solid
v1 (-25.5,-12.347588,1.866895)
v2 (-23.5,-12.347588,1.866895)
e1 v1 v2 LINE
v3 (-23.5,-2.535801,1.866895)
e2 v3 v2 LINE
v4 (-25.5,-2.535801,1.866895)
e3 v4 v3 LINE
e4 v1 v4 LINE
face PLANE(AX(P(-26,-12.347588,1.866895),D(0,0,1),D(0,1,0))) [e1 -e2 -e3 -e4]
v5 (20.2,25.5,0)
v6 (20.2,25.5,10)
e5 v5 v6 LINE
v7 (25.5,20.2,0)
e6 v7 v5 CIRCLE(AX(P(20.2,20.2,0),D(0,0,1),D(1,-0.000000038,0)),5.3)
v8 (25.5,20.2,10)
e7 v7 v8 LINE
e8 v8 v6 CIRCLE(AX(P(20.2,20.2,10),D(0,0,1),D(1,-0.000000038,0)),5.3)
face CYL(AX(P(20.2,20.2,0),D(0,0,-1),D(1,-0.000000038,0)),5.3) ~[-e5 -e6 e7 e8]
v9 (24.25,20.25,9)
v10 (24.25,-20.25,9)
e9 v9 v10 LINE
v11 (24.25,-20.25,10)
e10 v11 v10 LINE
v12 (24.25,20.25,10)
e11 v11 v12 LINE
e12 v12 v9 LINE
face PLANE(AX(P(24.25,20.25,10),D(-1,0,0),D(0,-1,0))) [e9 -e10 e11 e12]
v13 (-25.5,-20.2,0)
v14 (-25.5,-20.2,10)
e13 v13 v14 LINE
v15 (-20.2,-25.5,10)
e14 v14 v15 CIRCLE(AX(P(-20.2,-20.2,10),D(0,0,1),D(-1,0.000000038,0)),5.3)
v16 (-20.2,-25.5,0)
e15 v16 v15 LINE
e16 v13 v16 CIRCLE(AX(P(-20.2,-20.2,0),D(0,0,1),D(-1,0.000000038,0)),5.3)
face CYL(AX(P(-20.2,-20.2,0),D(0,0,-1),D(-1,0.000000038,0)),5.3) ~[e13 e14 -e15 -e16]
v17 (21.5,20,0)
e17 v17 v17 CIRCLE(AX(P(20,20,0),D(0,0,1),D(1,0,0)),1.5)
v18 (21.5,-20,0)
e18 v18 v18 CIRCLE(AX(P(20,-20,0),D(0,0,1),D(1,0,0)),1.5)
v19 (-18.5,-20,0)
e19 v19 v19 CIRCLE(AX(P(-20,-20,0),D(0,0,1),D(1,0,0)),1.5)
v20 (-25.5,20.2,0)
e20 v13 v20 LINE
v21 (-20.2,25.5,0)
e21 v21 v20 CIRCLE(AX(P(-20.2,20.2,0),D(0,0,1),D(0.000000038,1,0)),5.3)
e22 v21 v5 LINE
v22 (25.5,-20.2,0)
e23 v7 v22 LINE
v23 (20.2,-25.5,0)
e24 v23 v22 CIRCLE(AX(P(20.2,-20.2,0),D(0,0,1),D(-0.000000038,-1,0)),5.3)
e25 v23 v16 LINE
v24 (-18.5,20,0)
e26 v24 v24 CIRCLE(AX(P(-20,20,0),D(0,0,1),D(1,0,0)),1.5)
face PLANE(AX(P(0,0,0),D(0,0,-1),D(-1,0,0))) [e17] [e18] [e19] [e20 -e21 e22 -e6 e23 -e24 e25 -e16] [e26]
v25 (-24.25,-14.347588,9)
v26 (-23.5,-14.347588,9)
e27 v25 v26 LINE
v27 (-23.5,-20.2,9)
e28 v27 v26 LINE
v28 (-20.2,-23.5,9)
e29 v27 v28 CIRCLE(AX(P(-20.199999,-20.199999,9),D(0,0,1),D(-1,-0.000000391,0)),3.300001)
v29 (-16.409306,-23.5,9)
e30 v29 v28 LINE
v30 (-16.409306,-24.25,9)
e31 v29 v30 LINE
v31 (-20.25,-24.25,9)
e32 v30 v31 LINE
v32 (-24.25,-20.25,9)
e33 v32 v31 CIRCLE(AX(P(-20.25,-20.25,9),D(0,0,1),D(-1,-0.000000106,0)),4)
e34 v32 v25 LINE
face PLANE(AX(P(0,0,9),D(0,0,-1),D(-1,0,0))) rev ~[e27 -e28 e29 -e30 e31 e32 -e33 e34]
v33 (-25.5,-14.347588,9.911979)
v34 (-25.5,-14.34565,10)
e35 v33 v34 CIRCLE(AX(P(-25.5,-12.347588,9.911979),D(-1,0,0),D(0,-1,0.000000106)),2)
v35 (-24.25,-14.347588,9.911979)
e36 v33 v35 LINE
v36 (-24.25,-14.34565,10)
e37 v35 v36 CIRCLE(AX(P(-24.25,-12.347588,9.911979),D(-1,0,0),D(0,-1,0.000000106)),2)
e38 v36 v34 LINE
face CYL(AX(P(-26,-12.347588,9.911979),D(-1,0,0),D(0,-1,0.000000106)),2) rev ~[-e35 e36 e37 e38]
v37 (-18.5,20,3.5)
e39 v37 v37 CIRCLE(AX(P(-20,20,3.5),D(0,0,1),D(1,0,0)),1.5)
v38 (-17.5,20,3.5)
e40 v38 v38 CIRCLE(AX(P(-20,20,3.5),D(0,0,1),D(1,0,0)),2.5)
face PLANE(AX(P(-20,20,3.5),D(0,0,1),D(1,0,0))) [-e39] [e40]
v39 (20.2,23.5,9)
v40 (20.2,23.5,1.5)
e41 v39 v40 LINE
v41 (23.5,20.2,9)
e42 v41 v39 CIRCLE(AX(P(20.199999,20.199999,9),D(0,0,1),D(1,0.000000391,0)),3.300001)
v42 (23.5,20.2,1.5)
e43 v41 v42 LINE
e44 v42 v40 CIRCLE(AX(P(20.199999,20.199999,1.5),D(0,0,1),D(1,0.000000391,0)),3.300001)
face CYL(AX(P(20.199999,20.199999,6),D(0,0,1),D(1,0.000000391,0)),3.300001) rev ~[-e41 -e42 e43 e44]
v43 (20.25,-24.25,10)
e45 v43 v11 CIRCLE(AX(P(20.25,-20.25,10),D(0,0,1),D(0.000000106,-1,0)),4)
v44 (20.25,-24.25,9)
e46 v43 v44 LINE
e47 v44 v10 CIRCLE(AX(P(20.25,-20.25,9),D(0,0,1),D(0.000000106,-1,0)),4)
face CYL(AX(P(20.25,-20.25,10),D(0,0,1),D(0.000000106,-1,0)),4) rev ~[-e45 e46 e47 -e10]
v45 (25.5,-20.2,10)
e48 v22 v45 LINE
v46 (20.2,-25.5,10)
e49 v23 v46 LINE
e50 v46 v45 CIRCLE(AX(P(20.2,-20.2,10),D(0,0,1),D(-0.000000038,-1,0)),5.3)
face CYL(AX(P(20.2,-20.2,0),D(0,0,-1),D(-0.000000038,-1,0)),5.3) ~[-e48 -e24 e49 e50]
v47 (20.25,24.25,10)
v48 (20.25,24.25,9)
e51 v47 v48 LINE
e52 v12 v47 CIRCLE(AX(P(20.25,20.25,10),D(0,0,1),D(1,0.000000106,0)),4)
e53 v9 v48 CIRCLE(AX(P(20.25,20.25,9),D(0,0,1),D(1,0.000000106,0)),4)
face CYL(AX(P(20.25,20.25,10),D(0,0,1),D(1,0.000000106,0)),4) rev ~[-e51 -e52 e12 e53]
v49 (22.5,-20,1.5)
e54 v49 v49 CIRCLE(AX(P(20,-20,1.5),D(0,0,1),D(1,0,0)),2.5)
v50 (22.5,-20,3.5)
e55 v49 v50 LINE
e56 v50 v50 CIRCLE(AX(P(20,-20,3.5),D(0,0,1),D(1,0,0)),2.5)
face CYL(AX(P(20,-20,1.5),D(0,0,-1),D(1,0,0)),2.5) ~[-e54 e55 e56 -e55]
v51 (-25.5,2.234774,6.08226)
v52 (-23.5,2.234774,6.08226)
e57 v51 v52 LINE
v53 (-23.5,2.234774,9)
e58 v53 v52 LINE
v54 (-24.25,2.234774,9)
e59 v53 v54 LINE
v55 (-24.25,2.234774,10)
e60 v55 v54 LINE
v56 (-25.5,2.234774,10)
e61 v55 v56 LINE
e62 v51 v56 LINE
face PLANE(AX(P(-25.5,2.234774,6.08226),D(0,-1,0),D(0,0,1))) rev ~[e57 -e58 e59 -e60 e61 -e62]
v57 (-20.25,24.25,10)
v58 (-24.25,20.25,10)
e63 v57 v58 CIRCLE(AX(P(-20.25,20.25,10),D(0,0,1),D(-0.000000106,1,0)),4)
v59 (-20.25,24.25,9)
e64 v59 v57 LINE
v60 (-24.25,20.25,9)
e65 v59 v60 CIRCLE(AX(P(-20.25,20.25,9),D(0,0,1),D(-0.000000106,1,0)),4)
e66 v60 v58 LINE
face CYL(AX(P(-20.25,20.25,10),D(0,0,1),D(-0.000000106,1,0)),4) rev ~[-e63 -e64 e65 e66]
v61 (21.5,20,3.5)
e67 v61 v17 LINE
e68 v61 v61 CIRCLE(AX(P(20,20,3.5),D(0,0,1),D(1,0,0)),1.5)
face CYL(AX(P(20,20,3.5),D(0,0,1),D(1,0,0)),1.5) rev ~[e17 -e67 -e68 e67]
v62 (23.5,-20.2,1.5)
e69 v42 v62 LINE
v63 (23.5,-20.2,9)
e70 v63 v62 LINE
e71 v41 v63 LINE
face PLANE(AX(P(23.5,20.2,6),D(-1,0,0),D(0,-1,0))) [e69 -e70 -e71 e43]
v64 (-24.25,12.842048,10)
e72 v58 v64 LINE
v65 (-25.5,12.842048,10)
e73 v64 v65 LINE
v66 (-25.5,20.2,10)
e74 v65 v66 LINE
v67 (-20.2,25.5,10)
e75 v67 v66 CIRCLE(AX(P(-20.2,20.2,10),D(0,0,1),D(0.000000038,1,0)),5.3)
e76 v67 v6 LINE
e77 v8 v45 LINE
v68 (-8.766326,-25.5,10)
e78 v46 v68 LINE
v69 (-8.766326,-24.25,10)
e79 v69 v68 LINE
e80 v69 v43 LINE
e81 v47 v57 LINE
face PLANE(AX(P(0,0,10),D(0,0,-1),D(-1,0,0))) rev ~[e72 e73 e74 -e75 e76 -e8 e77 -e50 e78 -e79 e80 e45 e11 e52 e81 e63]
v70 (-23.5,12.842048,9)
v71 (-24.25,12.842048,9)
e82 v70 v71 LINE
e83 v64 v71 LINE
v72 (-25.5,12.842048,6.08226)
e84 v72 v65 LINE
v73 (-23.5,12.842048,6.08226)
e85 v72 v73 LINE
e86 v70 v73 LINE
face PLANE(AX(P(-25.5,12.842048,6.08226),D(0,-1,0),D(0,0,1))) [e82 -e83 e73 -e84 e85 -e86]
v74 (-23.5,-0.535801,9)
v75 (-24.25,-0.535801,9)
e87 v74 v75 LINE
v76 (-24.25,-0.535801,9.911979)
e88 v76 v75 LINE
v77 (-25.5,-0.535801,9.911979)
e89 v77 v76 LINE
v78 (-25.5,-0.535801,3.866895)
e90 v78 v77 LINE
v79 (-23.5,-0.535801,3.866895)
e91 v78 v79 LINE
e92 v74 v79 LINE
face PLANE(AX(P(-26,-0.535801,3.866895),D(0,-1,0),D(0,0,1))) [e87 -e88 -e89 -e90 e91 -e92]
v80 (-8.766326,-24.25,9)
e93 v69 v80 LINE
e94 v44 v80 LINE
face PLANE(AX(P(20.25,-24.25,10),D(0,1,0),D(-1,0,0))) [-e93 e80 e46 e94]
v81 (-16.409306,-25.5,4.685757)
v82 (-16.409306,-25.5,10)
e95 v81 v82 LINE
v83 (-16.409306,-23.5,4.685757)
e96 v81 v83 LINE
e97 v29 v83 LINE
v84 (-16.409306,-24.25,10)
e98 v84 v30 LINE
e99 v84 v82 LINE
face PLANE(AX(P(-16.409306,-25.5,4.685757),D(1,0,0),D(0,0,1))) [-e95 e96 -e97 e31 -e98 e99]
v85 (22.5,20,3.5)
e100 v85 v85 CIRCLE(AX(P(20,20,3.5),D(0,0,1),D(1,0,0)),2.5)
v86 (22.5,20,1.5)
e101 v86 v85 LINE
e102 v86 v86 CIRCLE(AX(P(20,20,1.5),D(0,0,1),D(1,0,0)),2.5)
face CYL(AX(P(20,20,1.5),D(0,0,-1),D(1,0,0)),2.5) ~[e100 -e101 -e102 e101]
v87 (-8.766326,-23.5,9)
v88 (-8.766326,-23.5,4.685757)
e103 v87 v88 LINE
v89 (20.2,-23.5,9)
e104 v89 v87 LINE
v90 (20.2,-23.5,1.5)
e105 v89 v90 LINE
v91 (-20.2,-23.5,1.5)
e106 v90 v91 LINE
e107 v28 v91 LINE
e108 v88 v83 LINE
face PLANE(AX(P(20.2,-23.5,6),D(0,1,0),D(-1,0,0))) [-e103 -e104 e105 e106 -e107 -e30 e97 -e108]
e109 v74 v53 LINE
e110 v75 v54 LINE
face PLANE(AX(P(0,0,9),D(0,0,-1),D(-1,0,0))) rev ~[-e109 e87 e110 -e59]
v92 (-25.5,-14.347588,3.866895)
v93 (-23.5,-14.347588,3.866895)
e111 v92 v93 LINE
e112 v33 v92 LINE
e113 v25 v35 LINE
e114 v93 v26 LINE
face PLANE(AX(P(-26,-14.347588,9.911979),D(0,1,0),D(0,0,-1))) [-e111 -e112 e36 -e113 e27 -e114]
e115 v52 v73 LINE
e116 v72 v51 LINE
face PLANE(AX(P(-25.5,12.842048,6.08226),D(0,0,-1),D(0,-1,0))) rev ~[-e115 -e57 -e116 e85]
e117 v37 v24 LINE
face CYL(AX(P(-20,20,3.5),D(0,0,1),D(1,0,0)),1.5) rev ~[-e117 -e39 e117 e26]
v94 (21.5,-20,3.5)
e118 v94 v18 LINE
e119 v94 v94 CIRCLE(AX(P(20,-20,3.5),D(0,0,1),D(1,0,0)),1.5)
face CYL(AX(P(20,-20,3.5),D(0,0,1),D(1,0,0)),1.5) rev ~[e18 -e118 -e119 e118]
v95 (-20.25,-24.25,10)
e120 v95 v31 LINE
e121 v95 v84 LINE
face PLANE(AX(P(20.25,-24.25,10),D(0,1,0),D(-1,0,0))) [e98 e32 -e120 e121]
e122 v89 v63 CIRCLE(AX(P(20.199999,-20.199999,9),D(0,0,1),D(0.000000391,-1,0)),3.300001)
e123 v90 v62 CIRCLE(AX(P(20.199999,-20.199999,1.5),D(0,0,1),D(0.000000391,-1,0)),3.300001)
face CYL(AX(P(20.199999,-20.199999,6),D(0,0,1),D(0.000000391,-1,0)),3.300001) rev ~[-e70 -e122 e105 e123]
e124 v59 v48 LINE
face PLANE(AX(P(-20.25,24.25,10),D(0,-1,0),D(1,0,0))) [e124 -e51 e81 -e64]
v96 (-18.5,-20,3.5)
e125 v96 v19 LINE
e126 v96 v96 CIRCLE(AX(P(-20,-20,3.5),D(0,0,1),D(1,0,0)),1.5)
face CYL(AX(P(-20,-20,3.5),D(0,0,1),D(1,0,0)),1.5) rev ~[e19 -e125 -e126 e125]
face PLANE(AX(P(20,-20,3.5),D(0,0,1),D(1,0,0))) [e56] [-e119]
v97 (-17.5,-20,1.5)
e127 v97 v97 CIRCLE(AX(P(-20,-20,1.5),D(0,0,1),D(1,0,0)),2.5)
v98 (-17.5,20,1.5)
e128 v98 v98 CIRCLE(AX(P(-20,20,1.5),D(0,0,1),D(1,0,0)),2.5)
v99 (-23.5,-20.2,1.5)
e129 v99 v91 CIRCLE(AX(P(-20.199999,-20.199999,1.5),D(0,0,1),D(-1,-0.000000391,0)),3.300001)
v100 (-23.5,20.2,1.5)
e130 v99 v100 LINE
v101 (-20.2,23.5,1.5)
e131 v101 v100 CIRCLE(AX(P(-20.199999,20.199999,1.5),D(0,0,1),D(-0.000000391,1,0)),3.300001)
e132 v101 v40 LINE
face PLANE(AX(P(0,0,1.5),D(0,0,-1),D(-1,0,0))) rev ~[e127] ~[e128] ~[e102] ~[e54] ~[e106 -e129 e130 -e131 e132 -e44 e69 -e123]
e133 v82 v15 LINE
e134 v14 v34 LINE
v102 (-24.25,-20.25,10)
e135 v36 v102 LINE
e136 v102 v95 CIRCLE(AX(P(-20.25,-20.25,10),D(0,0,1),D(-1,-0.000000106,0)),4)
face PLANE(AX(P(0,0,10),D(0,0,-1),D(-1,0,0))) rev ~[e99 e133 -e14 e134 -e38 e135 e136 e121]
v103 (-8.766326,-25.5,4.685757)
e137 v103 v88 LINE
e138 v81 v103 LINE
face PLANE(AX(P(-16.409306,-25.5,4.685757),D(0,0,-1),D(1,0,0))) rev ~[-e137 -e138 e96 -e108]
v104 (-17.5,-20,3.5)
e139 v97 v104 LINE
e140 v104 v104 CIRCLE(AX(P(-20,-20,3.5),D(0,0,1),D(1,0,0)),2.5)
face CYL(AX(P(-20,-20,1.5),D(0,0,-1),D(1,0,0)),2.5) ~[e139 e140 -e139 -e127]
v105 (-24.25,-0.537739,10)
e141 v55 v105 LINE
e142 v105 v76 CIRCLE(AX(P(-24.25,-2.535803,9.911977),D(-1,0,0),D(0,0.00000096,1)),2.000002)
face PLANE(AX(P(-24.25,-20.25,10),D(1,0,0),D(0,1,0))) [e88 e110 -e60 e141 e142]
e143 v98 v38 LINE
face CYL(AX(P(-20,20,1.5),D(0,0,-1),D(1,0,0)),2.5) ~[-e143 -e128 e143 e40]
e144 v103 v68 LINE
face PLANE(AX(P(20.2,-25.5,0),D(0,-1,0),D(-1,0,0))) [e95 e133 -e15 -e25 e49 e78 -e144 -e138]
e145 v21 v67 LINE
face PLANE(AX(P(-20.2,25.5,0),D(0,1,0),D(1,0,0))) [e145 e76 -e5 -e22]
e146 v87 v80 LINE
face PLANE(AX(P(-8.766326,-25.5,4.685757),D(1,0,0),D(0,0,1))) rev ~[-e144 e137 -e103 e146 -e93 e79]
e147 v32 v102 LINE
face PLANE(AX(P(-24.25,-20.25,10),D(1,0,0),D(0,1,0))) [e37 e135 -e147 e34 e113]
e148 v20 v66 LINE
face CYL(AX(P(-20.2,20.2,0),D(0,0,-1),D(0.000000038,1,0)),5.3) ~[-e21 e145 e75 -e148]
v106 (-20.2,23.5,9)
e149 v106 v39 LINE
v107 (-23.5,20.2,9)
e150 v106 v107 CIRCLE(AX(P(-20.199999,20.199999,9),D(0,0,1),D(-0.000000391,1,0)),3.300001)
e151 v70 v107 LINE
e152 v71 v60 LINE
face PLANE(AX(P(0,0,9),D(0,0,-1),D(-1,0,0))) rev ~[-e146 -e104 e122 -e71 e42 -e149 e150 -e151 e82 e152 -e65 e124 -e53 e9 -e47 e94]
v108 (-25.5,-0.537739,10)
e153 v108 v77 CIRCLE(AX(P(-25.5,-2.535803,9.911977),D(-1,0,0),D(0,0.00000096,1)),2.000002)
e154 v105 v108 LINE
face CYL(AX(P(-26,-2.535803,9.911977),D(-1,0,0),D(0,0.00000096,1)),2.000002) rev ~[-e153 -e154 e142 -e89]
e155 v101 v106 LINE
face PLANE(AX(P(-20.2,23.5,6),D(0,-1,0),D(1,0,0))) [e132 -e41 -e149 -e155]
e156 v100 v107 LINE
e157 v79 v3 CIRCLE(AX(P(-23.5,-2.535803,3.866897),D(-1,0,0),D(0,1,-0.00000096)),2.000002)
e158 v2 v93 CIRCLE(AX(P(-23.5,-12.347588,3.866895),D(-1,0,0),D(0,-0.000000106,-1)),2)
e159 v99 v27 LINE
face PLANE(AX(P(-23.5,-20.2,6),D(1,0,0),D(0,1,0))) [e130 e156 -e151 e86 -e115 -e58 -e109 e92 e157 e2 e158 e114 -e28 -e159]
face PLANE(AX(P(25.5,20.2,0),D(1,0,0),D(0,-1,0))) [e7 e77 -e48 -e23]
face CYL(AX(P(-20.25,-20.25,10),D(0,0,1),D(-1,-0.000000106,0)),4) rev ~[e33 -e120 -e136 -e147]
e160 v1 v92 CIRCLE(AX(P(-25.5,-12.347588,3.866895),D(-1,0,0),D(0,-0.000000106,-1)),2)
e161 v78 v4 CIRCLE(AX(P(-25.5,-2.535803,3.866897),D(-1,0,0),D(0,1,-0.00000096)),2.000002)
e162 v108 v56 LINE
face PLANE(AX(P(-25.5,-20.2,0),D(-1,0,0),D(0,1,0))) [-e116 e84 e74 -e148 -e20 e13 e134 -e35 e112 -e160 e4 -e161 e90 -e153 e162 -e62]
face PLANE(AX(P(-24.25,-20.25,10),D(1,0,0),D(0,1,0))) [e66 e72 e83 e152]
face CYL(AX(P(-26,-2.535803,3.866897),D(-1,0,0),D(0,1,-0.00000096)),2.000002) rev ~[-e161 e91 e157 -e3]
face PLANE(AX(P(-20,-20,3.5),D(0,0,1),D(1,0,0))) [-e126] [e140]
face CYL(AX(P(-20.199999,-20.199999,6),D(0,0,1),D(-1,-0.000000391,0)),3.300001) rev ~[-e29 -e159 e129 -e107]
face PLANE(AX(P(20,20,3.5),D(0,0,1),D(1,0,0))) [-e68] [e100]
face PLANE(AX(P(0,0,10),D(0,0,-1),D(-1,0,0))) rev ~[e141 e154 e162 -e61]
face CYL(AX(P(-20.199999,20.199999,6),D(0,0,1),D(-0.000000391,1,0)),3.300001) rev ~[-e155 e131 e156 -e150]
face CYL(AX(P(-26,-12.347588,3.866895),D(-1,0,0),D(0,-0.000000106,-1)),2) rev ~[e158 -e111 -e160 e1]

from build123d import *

# Parameters (mm, degrees)
PAD005_DEPTH    = 4
PAD_DEPTH       = 10
POCKET_DEPTH    = 4.5
POCKET001_DEPTH = 1
SKETCH002_R     = 2.5
PAD004_DEPTH    = 2
SKETCH003_R     = 1.5
POCKET002_DEPTH = 3.501
SKETCH009_W     = 10.607274
SKETCH009_H     = 4.434788
POCKET003_DEPTH = 5
SKETCH010_W     = 7.64298
SKETCH010_H     = 5.328556
POCKET004_DEPTH = 5


with BuildPart() as usb_c_cutter:
    # Sketch008 → Pad005 (new body)
    with BuildSketch(Plane(origin=(0, 0, 0), x_dir=(0, -1, 0), z_dir=(-1, 0, 0))):
        with BuildLine():
            Line((2.535801, 11.911979), (12.347588, 11.911979))
            ThreePointArc((14.347588, 9.911979), (13.761802, 11.326192), (12.347588, 11.911979))
            Line((14.347588, 9.911979), (14.347588, 3.866895))
            ThreePointArc((12.347588, 1.866895), (13.761802, 2.452682), (14.347588, 3.866895))
            Line((12.347588, 1.866895), (2.535801, 1.866895))
            ThreePointArc((0.535801, 3.866895), (1.121588, 2.452682), (2.535801, 1.866895))
            Line((0.535801, 3.866895), (0.535801, 9.911979))
            ThreePointArc((2.535801, 11.911979), (1.121588, 11.326192), (0.535801, 9.911979))
        make_face()
    extrude(amount=-PAD005_DEPTH)


with BuildPart() as usb_c_cutter_1:
    # Body002 placement: moved
    add(usb_c_cutter.part.moved(Location((-26, 0, 0))))


with BuildPart() as body_pocketed:
    # Sketch001 → Pad (new body)
    with BuildSketch(Plane.XY):
        with BuildLine():
            Line((-20.2, 25.5), (20.2, 25.5))
            ThreePointArc((25.5, 20.2), (23.947666, 23.947666), (20.2, 25.5))
            Line((25.5, 20.2), (25.5, -20.2))
            ThreePointArc((20.2, -25.5), (23.947666, -23.947666), (25.5, -20.2))
            Line((20.2, -25.5), (-20.2, -25.5))
            ThreePointArc((-25.5, -20.2), (-23.947666, -23.947666), (-20.2, -25.5))
            Line((-25.5, -20.2), (-25.5, 20.2))
            ThreePointArc((-20.2, 25.5), (-23.947666, 23.947666), (-25.5, 20.2))
        make_face()
    extrude(amount=PAD_DEPTH)

    # Sketch → Pocket (cut, symmetric)
    with BuildSketch(Plane.XY.offset(6)):
        with BuildLine():
            Line((-20.2, 23.5), (20.2, 23.5))
            ThreePointArc((23.5, 20.2), (22.533452, 22.533452), (20.2, 23.5))
            Line((23.5, 20.2), (23.5, -20.2))
            ThreePointArc((20.2, -23.5), (22.533452, -22.533452), (23.5, -20.2))
            Line((20.2, -23.5), (-20.2, -23.5))
            ThreePointArc((-23.5, -20.2), (-22.533452, -22.533452), (-20.2, -23.5))
            Line((-23.5, -20.2), (-23.5, 20.2))
            ThreePointArc((-20.2, 23.5), (-22.533452, 22.533452), (-23.5, 20.2))
        make_face()
    extrude(amount=POCKET_DEPTH, both=True, mode=Mode.SUBTRACT)

    # Sketch004 (on Face5 of Pocket) → Pocket001 (cut, symmetric)
    with BuildSketch(Plane.XY.offset(10)):
        with BuildLine():
            Line((-20.25, 24.25), (20.25, 24.25))
            ThreePointArc((24.25, 20.25), (23.078427, 23.078427), (20.25, 24.25))
            Line((24.25, 20.25), (24.25, -20.25))
            ThreePointArc((20.25, -24.25), (23.078427, -23.078427), (24.25, -20.25))
            Line((20.25, -24.25), (-20.25, -24.25))
            ThreePointArc((-24.25, -20.25), (-23.078427, -23.078427), (-20.25, -24.25))
            Line((-24.25, -20.25), (-24.25, 20.25))
            ThreePointArc((-20.25, 24.25), (-23.078427, 23.078427), (-24.25, 20.25))
        make_face()
    extrude(amount=POCKET001_DEPTH, both=True, mode=Mode.SUBTRACT)

    # Sketch002 (on Face19 of Pocket) → Pad004 (join)
    with BuildSketch(Plane.XY.offset(1.5)):
        with Locations((-20, 20)):
            Circle(SKETCH002_R)
        with Locations((20, 20)):
            Circle(SKETCH002_R)
        with Locations((20, -20)):
            Circle(SKETCH002_R)
        with Locations((-20, -20)):
            Circle(SKETCH002_R)
    extrude(amount=PAD004_DEPTH)

    # Sketch003 → Pocket002 (cut, through all)
    with BuildSketch(Plane.XY.offset(3.5)):
        with Locations((-20, 20)):
            Circle(SKETCH003_R)
        with Locations((20, 20)):
            Circle(SKETCH003_R)
        with Locations((20, -20)):
            Circle(SKETCH003_R)
        with Locations((-20, -20)):
            Circle(SKETCH003_R)
    extrude(amount=-POCKET002_DEPTH, mode=Mode.SUBTRACT)

    # Cut001: cut USB-C Cutter
    add(usb_c_cutter_1.part, mode=Mode.SUBTRACT)

    # Sketch009 (on Face1 of BaseFeature) → Pocket003 (cut)
    with BuildSketch(Plane(origin=(-25.5, 0, 0), x_dir=(0, -1, 0), z_dir=(-1, 0, 0))):
        with Locations((-7.538411, 8.299654)):
            Rectangle(SKETCH009_W, SKETCH009_H)
    extrude(amount=-POCKET003_DEPTH, mode=Mode.SUBTRACT)

    # Sketch010 (on Face17 of Pocket003) → Pocket004 (cut)
    with BuildSketch(Plane.XZ.offset(25.5)):
        with Locations((-12.587816, 7.350035)):
            Rectangle(SKETCH010_W, SKETCH010_H)
    extrude(amount=-POCKET004_DEPTH, mode=Mode.SUBTRACT)


solid = body_pocketed.part
